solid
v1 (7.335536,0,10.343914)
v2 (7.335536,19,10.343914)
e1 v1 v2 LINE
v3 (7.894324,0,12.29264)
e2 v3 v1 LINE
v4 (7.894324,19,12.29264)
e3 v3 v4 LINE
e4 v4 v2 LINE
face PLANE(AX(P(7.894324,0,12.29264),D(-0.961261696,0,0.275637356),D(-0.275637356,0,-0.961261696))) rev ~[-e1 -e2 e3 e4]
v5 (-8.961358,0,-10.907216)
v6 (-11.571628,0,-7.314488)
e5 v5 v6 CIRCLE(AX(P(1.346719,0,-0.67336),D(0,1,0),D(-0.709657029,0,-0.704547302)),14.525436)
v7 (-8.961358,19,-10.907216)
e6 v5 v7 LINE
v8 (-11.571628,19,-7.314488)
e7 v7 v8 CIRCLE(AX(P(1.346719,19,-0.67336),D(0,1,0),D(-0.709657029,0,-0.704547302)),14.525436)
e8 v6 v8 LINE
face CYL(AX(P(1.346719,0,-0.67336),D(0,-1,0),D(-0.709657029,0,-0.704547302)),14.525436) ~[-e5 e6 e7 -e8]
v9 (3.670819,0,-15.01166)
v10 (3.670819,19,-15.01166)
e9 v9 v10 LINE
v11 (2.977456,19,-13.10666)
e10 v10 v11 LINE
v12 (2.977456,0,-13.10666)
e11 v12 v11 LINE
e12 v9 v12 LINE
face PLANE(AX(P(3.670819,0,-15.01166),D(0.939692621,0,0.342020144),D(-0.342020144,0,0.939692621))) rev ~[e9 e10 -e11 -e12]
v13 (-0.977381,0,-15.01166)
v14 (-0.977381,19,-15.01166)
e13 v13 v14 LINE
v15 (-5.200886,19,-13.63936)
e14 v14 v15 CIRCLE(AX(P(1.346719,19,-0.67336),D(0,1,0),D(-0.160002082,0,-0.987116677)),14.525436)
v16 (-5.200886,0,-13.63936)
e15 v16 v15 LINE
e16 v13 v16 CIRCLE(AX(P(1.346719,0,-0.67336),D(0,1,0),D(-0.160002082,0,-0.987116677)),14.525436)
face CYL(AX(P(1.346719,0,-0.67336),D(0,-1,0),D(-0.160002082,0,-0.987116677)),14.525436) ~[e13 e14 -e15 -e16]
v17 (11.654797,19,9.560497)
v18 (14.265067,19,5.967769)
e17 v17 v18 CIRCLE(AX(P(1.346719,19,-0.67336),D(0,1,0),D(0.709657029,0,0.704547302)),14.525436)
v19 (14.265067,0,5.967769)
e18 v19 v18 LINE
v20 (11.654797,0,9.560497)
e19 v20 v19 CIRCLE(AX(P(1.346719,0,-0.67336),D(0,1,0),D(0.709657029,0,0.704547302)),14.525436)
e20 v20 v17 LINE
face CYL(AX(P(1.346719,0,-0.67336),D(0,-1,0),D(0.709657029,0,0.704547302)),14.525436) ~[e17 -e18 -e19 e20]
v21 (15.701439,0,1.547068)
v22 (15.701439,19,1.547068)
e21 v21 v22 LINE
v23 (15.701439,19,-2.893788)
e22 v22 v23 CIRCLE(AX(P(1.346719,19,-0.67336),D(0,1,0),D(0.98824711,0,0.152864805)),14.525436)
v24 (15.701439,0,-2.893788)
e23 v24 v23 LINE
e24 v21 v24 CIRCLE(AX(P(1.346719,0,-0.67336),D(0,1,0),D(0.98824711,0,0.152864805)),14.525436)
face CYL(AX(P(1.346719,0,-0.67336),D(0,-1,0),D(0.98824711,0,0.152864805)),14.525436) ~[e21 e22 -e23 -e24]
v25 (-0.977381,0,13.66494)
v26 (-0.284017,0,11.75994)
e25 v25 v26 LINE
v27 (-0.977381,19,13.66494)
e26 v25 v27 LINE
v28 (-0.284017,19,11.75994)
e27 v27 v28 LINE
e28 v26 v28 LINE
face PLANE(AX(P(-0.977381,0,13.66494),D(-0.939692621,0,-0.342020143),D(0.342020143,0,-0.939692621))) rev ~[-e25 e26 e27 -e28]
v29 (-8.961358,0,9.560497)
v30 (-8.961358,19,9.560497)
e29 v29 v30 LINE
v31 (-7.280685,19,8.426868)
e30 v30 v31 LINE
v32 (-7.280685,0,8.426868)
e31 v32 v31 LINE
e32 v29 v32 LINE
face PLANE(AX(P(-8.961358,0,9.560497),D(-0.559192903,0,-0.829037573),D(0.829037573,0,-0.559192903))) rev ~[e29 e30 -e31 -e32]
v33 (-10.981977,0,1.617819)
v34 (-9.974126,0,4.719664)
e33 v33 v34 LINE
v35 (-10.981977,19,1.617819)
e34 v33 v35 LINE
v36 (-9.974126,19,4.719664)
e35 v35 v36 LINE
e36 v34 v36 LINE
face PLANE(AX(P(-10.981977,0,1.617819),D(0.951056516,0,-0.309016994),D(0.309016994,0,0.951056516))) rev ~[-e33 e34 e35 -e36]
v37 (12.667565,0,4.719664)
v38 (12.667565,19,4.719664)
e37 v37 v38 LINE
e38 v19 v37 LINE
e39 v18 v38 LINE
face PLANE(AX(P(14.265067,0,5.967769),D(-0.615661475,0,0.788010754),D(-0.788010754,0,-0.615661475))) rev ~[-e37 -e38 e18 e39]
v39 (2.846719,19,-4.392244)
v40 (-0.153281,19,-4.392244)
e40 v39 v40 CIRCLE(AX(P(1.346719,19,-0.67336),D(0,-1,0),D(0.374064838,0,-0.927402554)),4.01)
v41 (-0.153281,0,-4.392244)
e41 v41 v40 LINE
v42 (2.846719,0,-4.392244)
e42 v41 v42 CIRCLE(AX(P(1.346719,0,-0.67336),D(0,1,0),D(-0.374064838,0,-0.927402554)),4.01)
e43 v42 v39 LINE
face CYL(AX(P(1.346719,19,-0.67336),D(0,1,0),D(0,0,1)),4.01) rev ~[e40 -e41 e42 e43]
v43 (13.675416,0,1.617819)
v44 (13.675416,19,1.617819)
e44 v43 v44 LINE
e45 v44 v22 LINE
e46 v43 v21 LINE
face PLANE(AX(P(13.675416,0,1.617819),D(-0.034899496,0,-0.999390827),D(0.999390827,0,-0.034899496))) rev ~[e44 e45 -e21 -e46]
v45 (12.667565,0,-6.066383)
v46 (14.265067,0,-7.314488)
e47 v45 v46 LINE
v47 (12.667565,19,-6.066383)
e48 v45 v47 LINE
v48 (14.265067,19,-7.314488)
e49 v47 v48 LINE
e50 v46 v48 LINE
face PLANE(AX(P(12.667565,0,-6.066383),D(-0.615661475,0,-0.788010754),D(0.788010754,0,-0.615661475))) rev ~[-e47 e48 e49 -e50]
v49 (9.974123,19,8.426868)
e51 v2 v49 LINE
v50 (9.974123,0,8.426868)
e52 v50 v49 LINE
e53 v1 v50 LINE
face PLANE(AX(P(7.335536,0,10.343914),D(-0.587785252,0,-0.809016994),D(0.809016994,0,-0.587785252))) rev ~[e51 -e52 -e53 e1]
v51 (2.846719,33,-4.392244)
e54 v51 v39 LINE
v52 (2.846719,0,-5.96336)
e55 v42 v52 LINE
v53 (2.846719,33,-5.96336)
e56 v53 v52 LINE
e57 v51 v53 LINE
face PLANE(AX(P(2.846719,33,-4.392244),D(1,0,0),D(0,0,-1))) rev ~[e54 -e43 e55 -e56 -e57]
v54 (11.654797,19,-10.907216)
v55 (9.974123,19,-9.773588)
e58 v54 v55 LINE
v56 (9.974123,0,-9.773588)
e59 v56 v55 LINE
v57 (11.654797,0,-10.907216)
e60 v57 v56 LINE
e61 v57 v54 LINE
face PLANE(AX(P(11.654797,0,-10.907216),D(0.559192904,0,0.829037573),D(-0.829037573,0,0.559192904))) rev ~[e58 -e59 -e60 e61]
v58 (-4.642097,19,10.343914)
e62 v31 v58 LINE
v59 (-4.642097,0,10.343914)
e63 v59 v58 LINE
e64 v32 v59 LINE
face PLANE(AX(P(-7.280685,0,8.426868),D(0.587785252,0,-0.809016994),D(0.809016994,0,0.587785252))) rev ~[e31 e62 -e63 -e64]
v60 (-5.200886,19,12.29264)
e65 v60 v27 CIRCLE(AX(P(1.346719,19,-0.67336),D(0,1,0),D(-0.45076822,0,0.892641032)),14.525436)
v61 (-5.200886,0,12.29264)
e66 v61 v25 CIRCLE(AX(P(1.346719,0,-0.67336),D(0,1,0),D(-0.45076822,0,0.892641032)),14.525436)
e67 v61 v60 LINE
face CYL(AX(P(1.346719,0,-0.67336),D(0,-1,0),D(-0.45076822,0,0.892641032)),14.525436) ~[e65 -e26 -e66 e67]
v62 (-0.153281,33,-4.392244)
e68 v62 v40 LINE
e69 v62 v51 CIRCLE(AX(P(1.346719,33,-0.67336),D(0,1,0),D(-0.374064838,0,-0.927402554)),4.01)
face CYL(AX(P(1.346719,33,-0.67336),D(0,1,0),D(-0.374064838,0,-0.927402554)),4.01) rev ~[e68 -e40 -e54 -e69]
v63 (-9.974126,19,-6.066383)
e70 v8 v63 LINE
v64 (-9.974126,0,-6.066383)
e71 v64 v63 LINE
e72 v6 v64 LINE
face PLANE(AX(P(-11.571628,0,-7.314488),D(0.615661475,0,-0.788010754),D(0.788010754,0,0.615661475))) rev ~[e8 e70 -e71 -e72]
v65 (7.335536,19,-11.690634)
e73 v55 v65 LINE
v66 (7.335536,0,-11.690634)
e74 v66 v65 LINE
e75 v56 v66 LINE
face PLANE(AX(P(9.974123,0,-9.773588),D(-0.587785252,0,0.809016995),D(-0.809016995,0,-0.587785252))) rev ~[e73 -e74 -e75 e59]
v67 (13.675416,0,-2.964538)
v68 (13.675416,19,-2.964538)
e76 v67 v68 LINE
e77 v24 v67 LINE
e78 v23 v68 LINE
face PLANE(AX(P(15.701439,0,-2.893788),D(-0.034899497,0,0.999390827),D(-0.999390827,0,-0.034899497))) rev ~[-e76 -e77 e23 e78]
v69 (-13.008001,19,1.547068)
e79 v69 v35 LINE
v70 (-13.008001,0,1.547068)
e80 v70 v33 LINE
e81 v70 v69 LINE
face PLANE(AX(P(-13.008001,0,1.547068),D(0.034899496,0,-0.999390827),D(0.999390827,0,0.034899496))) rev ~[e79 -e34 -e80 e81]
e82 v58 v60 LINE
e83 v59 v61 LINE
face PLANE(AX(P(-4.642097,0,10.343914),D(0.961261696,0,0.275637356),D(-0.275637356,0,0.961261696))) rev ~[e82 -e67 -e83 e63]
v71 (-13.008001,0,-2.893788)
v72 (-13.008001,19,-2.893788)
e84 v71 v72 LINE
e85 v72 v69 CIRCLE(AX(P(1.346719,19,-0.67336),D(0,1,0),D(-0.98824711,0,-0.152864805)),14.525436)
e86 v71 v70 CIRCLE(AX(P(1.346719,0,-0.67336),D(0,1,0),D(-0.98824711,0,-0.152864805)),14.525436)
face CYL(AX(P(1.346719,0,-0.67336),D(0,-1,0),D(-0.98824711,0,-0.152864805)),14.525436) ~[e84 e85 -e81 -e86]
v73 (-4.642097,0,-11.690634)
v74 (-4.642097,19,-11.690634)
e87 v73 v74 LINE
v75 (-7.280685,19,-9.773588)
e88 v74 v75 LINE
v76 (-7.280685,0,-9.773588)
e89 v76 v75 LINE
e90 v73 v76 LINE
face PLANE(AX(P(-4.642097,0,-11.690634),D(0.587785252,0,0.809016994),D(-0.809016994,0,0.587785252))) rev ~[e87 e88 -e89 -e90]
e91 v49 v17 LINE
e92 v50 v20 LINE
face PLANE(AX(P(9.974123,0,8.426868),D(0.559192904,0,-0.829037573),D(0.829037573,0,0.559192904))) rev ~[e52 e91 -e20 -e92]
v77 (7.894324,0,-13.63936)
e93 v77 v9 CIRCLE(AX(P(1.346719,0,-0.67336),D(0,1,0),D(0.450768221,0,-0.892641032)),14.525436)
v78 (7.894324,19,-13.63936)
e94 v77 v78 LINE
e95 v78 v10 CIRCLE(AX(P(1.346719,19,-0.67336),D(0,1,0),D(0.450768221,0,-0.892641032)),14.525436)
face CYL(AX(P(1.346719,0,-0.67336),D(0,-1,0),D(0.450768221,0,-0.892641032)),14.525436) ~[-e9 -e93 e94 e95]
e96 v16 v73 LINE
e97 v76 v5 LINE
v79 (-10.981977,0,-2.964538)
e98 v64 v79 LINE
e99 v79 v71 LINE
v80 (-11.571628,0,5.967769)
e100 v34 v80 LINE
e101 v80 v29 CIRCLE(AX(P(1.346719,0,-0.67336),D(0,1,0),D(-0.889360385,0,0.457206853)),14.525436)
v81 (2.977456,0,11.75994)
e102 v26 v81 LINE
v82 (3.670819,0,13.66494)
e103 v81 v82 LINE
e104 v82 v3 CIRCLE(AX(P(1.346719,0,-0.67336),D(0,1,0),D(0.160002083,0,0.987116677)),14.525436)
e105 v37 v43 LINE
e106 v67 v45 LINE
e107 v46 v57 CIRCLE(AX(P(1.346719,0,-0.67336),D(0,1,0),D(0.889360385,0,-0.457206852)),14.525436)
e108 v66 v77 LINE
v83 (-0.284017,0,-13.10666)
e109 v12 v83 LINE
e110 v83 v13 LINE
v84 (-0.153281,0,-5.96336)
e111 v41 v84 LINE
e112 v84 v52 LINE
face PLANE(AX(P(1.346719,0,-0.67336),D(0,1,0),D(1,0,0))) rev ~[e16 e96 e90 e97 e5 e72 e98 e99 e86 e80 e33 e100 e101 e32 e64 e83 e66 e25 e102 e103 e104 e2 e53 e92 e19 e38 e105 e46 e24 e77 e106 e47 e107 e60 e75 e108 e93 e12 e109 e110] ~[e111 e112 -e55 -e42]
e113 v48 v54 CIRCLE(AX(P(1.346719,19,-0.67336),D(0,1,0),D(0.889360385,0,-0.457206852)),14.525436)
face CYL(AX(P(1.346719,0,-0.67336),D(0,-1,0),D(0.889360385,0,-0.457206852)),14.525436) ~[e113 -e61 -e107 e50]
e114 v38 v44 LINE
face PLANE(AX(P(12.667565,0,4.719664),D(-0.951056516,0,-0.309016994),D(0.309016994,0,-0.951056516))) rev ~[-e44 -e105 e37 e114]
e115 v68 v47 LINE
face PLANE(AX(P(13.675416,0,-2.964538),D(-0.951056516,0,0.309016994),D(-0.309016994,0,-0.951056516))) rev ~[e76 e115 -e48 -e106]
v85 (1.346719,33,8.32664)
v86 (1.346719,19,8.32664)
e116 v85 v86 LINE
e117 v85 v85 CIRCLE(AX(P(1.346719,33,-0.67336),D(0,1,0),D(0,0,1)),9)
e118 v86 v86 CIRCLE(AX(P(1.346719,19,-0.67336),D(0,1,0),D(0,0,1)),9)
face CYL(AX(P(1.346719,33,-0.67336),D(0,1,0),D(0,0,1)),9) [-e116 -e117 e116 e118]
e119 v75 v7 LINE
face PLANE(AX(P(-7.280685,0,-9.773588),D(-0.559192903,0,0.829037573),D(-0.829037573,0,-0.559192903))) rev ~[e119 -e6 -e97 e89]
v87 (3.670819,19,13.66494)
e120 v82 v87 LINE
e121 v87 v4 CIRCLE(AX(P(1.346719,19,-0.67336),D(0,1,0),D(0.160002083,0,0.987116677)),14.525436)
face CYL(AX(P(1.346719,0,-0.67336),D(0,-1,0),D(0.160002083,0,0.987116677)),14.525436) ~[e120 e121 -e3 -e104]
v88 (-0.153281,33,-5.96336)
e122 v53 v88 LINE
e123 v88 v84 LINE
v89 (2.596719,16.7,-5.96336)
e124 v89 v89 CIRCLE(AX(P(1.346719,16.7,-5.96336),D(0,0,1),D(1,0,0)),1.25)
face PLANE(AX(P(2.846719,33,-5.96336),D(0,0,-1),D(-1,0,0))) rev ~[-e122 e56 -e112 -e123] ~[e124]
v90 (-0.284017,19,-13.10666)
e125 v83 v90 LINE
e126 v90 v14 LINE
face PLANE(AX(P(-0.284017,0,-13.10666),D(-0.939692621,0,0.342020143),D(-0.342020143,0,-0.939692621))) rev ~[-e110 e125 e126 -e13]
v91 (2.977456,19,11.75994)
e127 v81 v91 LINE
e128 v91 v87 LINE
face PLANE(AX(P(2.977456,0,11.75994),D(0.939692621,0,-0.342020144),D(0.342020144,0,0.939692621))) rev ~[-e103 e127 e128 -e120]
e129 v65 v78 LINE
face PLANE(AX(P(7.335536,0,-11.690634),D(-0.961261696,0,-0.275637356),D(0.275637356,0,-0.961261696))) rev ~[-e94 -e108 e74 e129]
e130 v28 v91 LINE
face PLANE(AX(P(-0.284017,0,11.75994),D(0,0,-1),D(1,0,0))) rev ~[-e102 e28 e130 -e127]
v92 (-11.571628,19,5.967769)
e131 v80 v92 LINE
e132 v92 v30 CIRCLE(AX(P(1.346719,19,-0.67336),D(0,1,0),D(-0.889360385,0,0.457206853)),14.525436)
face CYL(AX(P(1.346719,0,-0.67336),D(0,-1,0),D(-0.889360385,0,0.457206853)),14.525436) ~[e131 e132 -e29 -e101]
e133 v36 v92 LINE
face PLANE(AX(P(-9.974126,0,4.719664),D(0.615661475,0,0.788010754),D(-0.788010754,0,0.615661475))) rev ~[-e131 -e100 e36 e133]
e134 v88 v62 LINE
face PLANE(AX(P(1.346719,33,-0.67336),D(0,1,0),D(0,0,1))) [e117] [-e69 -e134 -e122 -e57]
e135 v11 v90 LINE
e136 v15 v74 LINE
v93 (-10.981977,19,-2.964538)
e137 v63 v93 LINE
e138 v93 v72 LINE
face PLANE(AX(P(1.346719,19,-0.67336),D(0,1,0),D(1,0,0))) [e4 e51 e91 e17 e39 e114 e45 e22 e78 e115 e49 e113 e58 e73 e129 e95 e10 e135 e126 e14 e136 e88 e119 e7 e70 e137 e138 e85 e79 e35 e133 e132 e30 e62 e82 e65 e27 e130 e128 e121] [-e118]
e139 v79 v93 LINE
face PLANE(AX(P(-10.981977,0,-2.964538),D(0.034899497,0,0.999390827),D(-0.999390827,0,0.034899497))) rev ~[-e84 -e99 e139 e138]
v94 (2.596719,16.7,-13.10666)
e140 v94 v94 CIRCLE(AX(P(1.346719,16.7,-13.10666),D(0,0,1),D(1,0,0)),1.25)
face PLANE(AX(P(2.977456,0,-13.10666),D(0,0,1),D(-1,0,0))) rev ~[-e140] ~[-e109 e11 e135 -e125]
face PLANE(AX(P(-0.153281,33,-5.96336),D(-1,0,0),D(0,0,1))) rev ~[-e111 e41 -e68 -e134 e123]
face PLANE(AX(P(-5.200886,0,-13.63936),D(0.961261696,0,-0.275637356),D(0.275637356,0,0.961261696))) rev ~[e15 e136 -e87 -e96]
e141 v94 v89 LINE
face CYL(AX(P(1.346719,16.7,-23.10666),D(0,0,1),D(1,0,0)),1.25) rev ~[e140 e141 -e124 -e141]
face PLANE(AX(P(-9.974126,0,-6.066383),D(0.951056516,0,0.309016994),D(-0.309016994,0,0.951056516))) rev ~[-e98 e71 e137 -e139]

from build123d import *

# Parameters (mm, degrees)
BOSS_EXTRUDE1_DEPTH       = 19
SKETCH3_R                 = 4.01
CUT_EXTRUDE1_DEPTH        = 29.952983186
SKETCH4_W                 = 3
SKETCH4_H                 = 4.35070692
CUT_EXTRUDE2_DEPTH        = 29.952983186
BOSS_EXTRUDE2_START       = 14
SKETCH5_R                 = 9
BOSS_EXTRUDE2_DEPTH       = 14
M3X0_5_TAPPED_HOLE1_D     = 2.5
M3X0_5_TAPPED_HOLE1_DEPTH = 10
M3X0_5_TAPPED_HOLE1_TIP   = 0.751075774


with BuildPart() as part:
    # Sketch2 → Boss-Extrude1 (new body)
    with BuildSketch(Plane(origin=(0, 0, 0), x_dir=(1, 0, 0), z_dir=(0, 1, 0))):
        with BuildLine():
            Line((7.335535963, -10.343914335), (9.974123377, -8.426868365))
            Line((9.974123377, -8.426868365), (11.654796972, -9.560497019))
            ThreePointArc((11.654796972, -9.560497019), (13.098043776, -7.864477351), (14.265066544, -5.967769174))
            Line((14.265066544, -5.967769174), (12.667564922, -4.719664118))
            Line((12.667564922, -4.719664118), (13.675415632, -1.617818581))
            Line((13.675415632, -1.617818581), (15.701439337, -1.547068275))
            ThreePointArc((15.701439337, -1.547068275), (15.87215518, 0.673359646), (15.701439337, 2.893787567))
            Line((15.701439337, 2.893787567), (13.675415632, 2.964537874))
            Line((13.675415632, 2.964537874), (12.667564922, 6.066383411))
            Line((12.667564922, 6.066383411), (14.265066544, 7.314488466))
            ThreePointArc((14.265066544, 7.314488466), (13.098043776, 9.211196644), (11.654796972, 10.907216312))
            Line((11.654796972, 10.907216312), (9.974123377, 9.773587658))
            Line((9.974123377, 9.773587658), (7.335535963, 11.690633627))
            Line((7.335535963, 11.690633627), (7.894324179, 13.639359722))
            ThreePointArc((7.894324179, 13.639359722), (5.835325832, 14.487870099), (3.670819293, 15.011659646))
            Line((3.670819293, 15.011659646), (2.977455996, 13.106659646))
            Line((2.977455996, 13.106659646), (-0.284017411, 13.106659646))
            Line((-0.284017411, 13.106659646), (-0.977380707, 15.011659646))
            ThreePointArc((-0.977380707, 15.011659646), (-3.141887247, 14.487870099), (-5.200885594, 13.639359722))
            Line((-5.200885594, 13.639359722), (-4.642097378, 11.690633627))
            Line((-4.642097378, 11.690633627), (-7.280684791, 9.773587658))
            Line((-7.280684791, 9.773587658), (-8.961358387, 10.907216312))
            ThreePointArc((-8.961358387, 10.907216312), (-10.40460519, 9.211196644), (-11.571627958, 7.314488466))
            Line((-11.571627958, 7.314488466), (-9.974126336, 6.066383411))
            Line((-9.974126336, 6.066383411), (-10.981977046, 2.964537874))
            Line((-10.981977046, 2.964537874), (-13.008000751, 2.893787567))
            ThreePointArc((-13.008000751, 2.893787567), (-13.178716594, 0.673359646), (-13.008000751, -1.547068275))
            Line((-13.008000751, -1.547068275), (-10.981977046, -1.617818581))
            Line((-10.981977046, -1.617818581), (-9.974126336, -4.719664118))
            Line((-9.974126336, -4.719664118), (-11.571627958, -5.967769174))
            ThreePointArc((-11.571627958, -5.967769174), (-10.40460519, -7.864477351), (-8.961358387, -9.560497019))
            Line((-8.961358387, -9.560497019), (-7.280684791, -8.426868365))
            Line((-7.280684791, -8.426868365), (-4.642097378, -10.343914335))
            Line((-4.642097378, -10.343914335), (-5.200885594, -12.292640429))
            ThreePointArc((-5.200885594, -12.292640429), (-3.141887247, -13.141150806), (-0.977380707, -13.664940354))
            Line((-0.977380707, -13.664940354), (-0.284017411, -11.759940354))
            Line((-0.284017411, -11.759940354), (2.977455996, -11.759940354))
            Line((2.977455996, -11.759940354), (3.670819293, -13.664940354))
            ThreePointArc((3.670819293, -13.664940354), (5.835325832, -13.141150806), (7.894324179, -12.292640429))
            Line((7.894324179, -12.292640429), (7.335535963, -10.343914335))
        make_face()
    extrude(amount=BOSS_EXTRUDE1_DEPTH)

    # Sketch3 → Cut-Extrude1 (cut, through all)
    with BuildSketch(Plane(origin=(0, 19, 0), x_dir=(1, 0, 0), z_dir=(0, 1, 0))):
        with Locations(Location((1.346719293, 0.673359646, 0), (0, 0, 270))):
            Circle(SKETCH3_R)
    extrude(amount=-CUT_EXTRUDE1_DEPTH, mode=Mode.SUBTRACT)

    # Sketch4 → Cut-Extrude2 (cut, through all)
    with BuildSketch(Plane(origin=(0, 19, 0), x_dir=(1, 0, 0), z_dir=(0, 1, 0))):
        with Locations((1.346719293, 3.788006186)):
            Rectangle(SKETCH4_W, SKETCH4_H)
    extrude(amount=-CUT_EXTRUDE2_DEPTH, mode=Mode.SUBTRACT)

    # Sketch5 → Boss-Extrude2 (add)
    with BuildSketch(Plane(origin=(0, 19, 0), x_dir=(1, 0, 0), z_dir=(0, 1, 0)).offset(BOSS_EXTRUDE2_START)):
        with Locations(Location((1.346719293, 0.673359646, 0), (0, 0, 270))):
            Circle(SKETCH5_R)
        with BuildLine():
            Line((2.846719293, 4.392243888), (2.846719293, 5.963359646))
            Line((2.846719293, 5.963359646), (-0.153280707, 5.963359646))
            Line((-0.153280707, 5.963359646), (-0.153280707, 4.392243888))
            ThreePointArc((-0.153280707, 4.392243888), (1.346719293, -3.336640354), (2.846719293, 4.392243888))
        make_face(mode=Mode.SUBTRACT)
    extrude(amount=-BOSS_EXTRUDE2_DEPTH)

    # M3x0.5 Tapped Hole1
    with Locations(Plane(origin=(1.346719293, 16.7, -13.106659646), x_dir=(-1, 0, 0), z_dir=(0, 0, -1))):
        with Locations((0, 0)):
            Hole(M3X0_5_TAPPED_HOLE1_D / 2, depth=M3X0_5_TAPPED_HOLE1_DEPTH)
            with Locations((0, 0, -(M3X0_5_TAPPED_HOLE1_DEPTH + M3X0_5_TAPPED_HOLE1_TIP / 2))):  # 118° drill point
                Cone(0, M3X0_5_TAPPED_HOLE1_D / 2, M3X0_5_TAPPED_HOLE1_TIP, mode=Mode.SUBTRACT)


solid = part.part
